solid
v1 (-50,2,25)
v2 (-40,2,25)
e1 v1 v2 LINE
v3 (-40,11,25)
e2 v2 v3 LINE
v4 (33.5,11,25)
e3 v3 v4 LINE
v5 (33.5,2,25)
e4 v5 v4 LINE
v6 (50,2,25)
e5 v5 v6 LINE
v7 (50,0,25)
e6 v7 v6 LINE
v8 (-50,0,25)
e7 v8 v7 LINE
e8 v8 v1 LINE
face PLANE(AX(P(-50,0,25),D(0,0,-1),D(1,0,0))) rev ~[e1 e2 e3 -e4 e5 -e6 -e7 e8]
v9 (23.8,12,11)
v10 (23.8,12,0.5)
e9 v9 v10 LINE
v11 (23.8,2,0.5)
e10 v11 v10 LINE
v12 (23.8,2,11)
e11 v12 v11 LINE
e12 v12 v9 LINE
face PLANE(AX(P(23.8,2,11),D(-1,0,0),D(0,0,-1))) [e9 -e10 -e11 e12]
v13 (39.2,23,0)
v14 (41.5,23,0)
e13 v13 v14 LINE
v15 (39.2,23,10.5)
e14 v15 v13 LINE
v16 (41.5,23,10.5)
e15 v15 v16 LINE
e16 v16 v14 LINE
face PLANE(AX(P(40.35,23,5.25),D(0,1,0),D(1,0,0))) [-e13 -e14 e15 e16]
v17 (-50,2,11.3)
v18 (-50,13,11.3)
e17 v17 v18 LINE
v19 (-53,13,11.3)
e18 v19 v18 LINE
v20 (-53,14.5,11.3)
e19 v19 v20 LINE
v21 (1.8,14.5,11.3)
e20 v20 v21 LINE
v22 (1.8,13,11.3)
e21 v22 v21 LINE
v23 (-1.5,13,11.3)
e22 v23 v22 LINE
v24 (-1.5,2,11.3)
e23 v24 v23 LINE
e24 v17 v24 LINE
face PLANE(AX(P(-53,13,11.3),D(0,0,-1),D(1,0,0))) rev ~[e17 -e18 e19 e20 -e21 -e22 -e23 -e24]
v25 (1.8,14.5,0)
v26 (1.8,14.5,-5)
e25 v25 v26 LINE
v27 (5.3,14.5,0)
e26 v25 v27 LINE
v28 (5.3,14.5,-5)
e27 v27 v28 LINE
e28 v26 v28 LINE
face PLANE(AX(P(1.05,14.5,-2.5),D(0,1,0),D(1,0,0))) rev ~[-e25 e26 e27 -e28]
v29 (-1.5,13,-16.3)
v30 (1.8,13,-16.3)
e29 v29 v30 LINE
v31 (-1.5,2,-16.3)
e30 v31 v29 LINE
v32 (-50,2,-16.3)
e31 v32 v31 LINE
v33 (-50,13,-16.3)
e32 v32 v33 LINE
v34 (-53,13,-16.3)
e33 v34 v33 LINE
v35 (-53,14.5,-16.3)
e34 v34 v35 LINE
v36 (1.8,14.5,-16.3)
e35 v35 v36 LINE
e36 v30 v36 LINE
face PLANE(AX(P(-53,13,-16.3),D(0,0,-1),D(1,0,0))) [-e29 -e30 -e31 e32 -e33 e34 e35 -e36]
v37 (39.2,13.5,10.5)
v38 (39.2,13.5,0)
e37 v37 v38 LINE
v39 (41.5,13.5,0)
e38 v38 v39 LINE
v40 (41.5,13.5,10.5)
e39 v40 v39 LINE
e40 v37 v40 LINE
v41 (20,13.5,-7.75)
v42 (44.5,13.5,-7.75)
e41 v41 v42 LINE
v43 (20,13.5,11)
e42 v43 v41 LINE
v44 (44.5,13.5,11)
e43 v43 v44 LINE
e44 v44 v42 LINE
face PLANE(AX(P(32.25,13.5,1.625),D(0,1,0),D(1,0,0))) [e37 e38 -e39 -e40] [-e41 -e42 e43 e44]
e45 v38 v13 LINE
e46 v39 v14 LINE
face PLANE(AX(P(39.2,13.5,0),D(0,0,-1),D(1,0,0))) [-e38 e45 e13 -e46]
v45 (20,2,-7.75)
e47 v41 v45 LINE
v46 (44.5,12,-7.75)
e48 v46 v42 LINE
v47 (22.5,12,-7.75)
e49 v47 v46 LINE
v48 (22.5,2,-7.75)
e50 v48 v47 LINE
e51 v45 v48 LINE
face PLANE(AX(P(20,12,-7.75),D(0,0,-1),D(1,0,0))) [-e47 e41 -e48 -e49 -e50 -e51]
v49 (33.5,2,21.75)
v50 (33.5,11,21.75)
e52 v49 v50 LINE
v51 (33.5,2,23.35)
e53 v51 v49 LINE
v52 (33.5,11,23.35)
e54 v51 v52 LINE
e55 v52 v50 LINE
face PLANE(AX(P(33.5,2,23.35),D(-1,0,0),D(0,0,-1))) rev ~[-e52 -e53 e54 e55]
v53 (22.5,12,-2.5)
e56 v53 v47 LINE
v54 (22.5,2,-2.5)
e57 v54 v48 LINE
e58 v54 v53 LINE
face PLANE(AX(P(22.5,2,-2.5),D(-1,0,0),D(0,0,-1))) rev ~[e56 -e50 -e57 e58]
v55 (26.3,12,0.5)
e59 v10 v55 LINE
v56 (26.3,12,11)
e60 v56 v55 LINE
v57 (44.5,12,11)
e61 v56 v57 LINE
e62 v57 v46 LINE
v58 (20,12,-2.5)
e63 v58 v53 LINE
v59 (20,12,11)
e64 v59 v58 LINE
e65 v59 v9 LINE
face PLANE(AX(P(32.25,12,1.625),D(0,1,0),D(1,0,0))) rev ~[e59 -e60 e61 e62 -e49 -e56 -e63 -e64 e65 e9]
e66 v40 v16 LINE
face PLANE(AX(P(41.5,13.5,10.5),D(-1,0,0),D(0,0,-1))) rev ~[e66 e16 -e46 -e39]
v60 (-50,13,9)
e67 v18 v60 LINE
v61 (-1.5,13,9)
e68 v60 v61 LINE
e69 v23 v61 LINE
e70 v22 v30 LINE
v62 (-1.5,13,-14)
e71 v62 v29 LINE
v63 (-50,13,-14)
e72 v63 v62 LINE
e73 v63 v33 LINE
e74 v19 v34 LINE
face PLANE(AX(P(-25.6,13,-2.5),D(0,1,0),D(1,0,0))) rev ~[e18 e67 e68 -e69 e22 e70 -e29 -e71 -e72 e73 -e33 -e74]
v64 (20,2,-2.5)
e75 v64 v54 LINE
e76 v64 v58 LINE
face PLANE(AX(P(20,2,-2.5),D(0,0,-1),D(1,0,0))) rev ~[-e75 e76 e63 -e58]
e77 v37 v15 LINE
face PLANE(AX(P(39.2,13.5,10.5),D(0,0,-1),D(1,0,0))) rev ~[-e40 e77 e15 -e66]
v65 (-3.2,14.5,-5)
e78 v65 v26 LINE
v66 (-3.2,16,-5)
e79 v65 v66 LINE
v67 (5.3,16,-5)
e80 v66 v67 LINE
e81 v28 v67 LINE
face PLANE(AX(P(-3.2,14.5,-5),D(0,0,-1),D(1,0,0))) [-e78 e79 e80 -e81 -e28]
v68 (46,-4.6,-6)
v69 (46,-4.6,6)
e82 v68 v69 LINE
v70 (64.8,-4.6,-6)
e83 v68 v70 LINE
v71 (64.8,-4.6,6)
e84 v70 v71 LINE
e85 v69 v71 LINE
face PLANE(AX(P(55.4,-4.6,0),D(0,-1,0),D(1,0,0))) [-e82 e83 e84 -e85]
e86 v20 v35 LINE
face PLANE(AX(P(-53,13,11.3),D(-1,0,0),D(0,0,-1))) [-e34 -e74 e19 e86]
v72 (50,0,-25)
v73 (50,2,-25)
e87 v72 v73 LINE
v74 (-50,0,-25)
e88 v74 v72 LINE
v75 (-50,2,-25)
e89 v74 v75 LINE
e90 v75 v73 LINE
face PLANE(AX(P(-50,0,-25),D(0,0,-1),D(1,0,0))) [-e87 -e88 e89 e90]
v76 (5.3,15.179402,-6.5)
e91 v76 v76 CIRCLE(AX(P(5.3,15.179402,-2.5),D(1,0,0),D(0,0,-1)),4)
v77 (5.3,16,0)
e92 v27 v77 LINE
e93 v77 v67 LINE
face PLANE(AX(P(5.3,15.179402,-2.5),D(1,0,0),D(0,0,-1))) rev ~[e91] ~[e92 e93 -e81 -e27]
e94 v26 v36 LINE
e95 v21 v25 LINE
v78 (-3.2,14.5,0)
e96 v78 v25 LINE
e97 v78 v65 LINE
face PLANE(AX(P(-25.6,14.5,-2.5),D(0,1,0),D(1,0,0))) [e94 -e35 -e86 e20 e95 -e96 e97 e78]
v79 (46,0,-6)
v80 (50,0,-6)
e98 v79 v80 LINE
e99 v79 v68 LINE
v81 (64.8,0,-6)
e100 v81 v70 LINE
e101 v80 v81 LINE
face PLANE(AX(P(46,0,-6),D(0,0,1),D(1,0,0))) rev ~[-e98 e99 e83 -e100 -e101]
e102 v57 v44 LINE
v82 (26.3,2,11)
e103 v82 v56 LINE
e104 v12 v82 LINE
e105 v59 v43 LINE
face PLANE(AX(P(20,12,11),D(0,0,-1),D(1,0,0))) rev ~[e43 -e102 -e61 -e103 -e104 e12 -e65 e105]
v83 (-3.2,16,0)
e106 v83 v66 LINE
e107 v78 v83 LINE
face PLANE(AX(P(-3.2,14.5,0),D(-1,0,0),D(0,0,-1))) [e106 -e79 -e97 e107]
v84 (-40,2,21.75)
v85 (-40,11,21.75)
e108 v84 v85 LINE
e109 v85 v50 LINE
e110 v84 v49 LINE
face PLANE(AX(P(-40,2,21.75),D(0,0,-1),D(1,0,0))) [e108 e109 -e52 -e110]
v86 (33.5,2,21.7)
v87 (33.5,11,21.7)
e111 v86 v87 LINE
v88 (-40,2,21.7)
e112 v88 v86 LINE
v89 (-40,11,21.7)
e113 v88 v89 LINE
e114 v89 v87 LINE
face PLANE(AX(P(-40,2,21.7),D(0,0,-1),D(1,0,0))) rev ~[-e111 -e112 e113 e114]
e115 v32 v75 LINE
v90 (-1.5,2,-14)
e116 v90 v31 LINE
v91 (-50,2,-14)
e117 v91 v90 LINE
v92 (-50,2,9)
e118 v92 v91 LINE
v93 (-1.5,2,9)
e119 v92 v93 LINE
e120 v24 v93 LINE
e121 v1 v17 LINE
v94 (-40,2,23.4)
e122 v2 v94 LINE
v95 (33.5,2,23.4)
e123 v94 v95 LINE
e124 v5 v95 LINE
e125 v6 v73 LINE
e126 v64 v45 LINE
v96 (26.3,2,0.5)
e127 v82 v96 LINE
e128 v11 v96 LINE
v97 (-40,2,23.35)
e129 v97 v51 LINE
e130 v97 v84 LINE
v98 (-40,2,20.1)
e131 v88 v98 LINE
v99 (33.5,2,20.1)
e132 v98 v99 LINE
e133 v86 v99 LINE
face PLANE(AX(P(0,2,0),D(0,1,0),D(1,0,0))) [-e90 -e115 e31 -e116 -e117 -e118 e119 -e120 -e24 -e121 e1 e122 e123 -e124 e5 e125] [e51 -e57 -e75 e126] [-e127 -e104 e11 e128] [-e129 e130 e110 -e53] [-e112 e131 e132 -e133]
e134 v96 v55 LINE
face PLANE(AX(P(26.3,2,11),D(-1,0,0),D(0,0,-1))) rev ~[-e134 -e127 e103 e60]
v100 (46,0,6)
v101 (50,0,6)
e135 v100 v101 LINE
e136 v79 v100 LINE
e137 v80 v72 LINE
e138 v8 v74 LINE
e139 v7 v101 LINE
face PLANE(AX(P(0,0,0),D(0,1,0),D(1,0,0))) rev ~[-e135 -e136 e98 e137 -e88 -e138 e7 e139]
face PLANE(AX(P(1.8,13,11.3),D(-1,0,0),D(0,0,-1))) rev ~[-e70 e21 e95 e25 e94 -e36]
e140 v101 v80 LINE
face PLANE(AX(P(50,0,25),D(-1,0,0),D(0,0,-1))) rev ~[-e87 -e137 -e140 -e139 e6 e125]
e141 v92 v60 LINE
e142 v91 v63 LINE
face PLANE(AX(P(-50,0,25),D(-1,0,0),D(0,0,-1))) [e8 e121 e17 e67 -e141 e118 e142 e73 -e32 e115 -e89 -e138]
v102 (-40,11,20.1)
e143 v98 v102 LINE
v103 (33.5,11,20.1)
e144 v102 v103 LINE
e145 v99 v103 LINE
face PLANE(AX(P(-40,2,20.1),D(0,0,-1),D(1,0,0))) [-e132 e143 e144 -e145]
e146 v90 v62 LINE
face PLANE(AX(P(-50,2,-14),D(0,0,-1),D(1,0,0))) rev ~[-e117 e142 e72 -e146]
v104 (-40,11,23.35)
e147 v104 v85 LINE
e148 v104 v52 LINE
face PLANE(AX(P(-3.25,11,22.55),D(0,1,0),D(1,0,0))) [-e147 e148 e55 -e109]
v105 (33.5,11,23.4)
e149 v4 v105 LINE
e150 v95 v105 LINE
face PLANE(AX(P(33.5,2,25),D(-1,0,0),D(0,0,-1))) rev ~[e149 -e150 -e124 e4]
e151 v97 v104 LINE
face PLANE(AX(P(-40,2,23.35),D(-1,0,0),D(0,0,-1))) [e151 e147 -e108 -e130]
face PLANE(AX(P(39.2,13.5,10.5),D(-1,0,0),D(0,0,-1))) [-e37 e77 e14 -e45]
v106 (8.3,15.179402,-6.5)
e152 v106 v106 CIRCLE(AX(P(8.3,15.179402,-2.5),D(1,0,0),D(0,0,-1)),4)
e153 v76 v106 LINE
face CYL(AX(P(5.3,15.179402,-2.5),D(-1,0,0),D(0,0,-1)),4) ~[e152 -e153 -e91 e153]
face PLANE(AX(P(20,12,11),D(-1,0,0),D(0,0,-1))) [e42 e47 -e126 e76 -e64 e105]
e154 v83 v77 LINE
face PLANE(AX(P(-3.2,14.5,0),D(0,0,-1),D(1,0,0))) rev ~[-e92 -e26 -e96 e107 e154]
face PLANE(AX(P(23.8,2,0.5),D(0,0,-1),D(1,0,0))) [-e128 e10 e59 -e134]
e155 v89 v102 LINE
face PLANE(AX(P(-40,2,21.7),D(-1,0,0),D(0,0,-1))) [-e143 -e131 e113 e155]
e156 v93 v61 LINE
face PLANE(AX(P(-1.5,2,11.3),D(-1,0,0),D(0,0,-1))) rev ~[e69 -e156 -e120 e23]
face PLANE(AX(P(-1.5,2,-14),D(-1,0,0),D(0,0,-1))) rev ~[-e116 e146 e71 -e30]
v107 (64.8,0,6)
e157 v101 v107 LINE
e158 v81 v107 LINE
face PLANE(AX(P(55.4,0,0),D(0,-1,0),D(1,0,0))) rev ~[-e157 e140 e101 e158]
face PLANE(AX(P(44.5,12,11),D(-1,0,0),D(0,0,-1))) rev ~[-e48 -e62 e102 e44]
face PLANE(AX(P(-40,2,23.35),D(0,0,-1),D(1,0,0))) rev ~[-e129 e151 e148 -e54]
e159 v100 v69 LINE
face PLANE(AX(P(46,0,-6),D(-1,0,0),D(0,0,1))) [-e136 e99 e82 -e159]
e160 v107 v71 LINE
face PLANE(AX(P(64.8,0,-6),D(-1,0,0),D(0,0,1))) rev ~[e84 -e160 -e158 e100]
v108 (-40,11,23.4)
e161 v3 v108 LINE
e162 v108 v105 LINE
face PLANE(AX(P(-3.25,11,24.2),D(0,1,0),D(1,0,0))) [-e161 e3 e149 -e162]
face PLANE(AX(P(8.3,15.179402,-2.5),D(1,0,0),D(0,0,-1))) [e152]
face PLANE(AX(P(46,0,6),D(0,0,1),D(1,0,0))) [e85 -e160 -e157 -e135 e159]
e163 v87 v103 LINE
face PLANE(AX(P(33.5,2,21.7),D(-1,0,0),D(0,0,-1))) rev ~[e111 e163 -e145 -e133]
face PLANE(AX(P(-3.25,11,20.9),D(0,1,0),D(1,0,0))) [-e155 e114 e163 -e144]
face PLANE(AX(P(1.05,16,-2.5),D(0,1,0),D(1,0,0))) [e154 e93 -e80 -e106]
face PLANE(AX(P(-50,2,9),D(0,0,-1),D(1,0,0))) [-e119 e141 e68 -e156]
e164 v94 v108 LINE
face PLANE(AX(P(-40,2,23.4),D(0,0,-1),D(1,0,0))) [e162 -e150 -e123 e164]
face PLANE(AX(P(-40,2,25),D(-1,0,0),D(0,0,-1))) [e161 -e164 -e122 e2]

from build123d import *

# Parameters (mm, degrees)
SKETCH1_W            = 100
SKETCH1_H            = 50
BOSS_EXTRUDE1_DEPTH  = 2
SKETCH2_W            = 73.5
SKETCH2_H            = 1.6
BOSS_EXTRUDE2_DEPTH  = 9
LPATTERN2_COUNT      = 3
LPATTERN2_PITCH      = 1.65
SKETCH3_W            = 18.8
SKETCH3_H            = 12
BOSS_EXTRUDE3_DEPTH  = 4.6
SKETCH4_W            = 48.5
SKETCH4_H            = 2.3
BOSS_EXTRUDE4_DEPTH  = 11
SKETCH5_W            = 54.8
SKETCH5_H            = 27.6
BOSS_EXTRUDE5_DEPTH  = 1.5
SKETCH6_W            = 8.5
SKETCH6_H            = 5
BOSS_EXTRUDE6_DEPTH  = 1.5
SKETCH7_R            = 4
BOSS_EXTRUDE7_DEPTH  = 3
SKETCH8_W            = 2.5
SKETCH8_H            = 10.5
SKETCH8_H_2          = 5.25
BOSS_EXTRUDE8_DEPTH  = 10
SKETCH9_W            = 24.5
SKETCH9_H            = 18.75
BOSS_EXTRUDE9_DEPTH  = 1.5
SKETCH10_W           = 2.3
SKETCH10_H           = 10.5
BOSS_EXTRUDE10_DEPTH = 9.5


with BuildPart() as part:
    # Sketch1 → Boss-Extrude1 (new body)
    with BuildSketch(Plane(origin=(0, 0, 0), x_dir=(1, 0, 0), z_dir=(0, 1, 0))):
        Rectangle(SKETCH1_W, SKETCH1_H)
    extrude(amount=BOSS_EXTRUDE1_DEPTH)

    # Sketch2 → Boss-Extrude2 (add)
    with BuildSketch(Plane(origin=(0, 2, 0), x_dir=(1, 0, 0), z_dir=(0, 1, 0))):
        with Locations((-3.25, -24.2)):
            Rectangle(SKETCH2_W, SKETCH2_H)
    boss_extrude2 = extrude(amount=BOSS_EXTRUDE2_DEPTH)

    # LPattern2: Boss-Extrude2 ×3
    with Locations(*[(0, 0, -i * LPATTERN2_PITCH) for i in range(1, LPATTERN2_COUNT)]):
        add(boss_extrude2)

    # Sketch3 → Boss-Extrude3 (add)
    with BuildSketch(Plane.XZ):
        with Locations((55.4, 0)):
            Rectangle(SKETCH3_W, SKETCH3_H)
    extrude(amount=BOSS_EXTRUDE3_DEPTH)

    # Sketch4 → Boss-Extrude4 (add)
    with BuildSketch(Plane(origin=(0, 2, 0), x_dir=(1, 0, 0), z_dir=(0, 1, 0))):
        with Locations((-25.75, -10.15)):
            Rectangle(SKETCH4_W, SKETCH4_H)
        with Locations((-25.75, 15.15)):
            Rectangle(SKETCH4_W, SKETCH4_H)
    extrude(amount=BOSS_EXTRUDE4_DEPTH)

    # Sketch5 → Boss-Extrude5 (add)
    with BuildSketch(Plane(origin=(0, 13, 0), x_dir=(1, 0, 0), z_dir=(0, 1, 0))):
        with Locations((-25.6, 2.5)):
            Rectangle(SKETCH5_W, SKETCH5_H)
    extrude(amount=BOSS_EXTRUDE5_DEPTH)

    # Sketch6 → Boss-Extrude6 (add)
    with BuildSketch(Plane(origin=(0, 14.5, 0), x_dir=(1, 0, 0), z_dir=(0, 1, 0))):
        with Locations((1.05, 2.5)):
            Rectangle(SKETCH6_W, SKETCH6_H)
    extrude(amount=BOSS_EXTRUDE6_DEPTH)

    # Sketch7 → Boss-Extrude7 (add)
    with BuildSketch(Plane(origin=(5.3, 0, 0), x_dir=(0, 0, -1), z_dir=(1, 0, 0))):
        with Locations((2.5, 15.179402112)):
            Circle(SKETCH7_R)
    extrude(amount=BOSS_EXTRUDE7_DEPTH)

    # Sketch8 → Boss-Extrude8 (add)
    with BuildSketch(Plane(origin=(0, 2, 0), x_dir=(1, 0, 0), z_dir=(0, 1, 0))):
        with Locations((25.05, -5.75)):
            Rectangle(SKETCH8_W, SKETCH8_H)
        with Locations((21.25, 5.125)):
            Rectangle(SKETCH8_W, SKETCH8_H_2)
    extrude(amount=BOSS_EXTRUDE8_DEPTH)

    # Sketch9 → Boss-Extrude9 (add)
    with BuildSketch(Plane(origin=(0, 12, 0), x_dir=(1, 0, 0), z_dir=(0, 1, 0))):
        with Locations((32.25, -1.625)):
            Rectangle(SKETCH9_W, SKETCH9_H)
    extrude(amount=BOSS_EXTRUDE9_DEPTH)

    # Sketch10 → Boss-Extrude10 (add)
    with BuildSketch(Plane(origin=(0, 13.5, 0), x_dir=(1, 0, 0), z_dir=(0, 1, 0))):
        with Locations((40.35, -5.25)):
            Rectangle(SKETCH10_W, SKETCH10_H)
    extrude(amount=BOSS_EXTRUDE10_DEPTH)


solid = part.part
